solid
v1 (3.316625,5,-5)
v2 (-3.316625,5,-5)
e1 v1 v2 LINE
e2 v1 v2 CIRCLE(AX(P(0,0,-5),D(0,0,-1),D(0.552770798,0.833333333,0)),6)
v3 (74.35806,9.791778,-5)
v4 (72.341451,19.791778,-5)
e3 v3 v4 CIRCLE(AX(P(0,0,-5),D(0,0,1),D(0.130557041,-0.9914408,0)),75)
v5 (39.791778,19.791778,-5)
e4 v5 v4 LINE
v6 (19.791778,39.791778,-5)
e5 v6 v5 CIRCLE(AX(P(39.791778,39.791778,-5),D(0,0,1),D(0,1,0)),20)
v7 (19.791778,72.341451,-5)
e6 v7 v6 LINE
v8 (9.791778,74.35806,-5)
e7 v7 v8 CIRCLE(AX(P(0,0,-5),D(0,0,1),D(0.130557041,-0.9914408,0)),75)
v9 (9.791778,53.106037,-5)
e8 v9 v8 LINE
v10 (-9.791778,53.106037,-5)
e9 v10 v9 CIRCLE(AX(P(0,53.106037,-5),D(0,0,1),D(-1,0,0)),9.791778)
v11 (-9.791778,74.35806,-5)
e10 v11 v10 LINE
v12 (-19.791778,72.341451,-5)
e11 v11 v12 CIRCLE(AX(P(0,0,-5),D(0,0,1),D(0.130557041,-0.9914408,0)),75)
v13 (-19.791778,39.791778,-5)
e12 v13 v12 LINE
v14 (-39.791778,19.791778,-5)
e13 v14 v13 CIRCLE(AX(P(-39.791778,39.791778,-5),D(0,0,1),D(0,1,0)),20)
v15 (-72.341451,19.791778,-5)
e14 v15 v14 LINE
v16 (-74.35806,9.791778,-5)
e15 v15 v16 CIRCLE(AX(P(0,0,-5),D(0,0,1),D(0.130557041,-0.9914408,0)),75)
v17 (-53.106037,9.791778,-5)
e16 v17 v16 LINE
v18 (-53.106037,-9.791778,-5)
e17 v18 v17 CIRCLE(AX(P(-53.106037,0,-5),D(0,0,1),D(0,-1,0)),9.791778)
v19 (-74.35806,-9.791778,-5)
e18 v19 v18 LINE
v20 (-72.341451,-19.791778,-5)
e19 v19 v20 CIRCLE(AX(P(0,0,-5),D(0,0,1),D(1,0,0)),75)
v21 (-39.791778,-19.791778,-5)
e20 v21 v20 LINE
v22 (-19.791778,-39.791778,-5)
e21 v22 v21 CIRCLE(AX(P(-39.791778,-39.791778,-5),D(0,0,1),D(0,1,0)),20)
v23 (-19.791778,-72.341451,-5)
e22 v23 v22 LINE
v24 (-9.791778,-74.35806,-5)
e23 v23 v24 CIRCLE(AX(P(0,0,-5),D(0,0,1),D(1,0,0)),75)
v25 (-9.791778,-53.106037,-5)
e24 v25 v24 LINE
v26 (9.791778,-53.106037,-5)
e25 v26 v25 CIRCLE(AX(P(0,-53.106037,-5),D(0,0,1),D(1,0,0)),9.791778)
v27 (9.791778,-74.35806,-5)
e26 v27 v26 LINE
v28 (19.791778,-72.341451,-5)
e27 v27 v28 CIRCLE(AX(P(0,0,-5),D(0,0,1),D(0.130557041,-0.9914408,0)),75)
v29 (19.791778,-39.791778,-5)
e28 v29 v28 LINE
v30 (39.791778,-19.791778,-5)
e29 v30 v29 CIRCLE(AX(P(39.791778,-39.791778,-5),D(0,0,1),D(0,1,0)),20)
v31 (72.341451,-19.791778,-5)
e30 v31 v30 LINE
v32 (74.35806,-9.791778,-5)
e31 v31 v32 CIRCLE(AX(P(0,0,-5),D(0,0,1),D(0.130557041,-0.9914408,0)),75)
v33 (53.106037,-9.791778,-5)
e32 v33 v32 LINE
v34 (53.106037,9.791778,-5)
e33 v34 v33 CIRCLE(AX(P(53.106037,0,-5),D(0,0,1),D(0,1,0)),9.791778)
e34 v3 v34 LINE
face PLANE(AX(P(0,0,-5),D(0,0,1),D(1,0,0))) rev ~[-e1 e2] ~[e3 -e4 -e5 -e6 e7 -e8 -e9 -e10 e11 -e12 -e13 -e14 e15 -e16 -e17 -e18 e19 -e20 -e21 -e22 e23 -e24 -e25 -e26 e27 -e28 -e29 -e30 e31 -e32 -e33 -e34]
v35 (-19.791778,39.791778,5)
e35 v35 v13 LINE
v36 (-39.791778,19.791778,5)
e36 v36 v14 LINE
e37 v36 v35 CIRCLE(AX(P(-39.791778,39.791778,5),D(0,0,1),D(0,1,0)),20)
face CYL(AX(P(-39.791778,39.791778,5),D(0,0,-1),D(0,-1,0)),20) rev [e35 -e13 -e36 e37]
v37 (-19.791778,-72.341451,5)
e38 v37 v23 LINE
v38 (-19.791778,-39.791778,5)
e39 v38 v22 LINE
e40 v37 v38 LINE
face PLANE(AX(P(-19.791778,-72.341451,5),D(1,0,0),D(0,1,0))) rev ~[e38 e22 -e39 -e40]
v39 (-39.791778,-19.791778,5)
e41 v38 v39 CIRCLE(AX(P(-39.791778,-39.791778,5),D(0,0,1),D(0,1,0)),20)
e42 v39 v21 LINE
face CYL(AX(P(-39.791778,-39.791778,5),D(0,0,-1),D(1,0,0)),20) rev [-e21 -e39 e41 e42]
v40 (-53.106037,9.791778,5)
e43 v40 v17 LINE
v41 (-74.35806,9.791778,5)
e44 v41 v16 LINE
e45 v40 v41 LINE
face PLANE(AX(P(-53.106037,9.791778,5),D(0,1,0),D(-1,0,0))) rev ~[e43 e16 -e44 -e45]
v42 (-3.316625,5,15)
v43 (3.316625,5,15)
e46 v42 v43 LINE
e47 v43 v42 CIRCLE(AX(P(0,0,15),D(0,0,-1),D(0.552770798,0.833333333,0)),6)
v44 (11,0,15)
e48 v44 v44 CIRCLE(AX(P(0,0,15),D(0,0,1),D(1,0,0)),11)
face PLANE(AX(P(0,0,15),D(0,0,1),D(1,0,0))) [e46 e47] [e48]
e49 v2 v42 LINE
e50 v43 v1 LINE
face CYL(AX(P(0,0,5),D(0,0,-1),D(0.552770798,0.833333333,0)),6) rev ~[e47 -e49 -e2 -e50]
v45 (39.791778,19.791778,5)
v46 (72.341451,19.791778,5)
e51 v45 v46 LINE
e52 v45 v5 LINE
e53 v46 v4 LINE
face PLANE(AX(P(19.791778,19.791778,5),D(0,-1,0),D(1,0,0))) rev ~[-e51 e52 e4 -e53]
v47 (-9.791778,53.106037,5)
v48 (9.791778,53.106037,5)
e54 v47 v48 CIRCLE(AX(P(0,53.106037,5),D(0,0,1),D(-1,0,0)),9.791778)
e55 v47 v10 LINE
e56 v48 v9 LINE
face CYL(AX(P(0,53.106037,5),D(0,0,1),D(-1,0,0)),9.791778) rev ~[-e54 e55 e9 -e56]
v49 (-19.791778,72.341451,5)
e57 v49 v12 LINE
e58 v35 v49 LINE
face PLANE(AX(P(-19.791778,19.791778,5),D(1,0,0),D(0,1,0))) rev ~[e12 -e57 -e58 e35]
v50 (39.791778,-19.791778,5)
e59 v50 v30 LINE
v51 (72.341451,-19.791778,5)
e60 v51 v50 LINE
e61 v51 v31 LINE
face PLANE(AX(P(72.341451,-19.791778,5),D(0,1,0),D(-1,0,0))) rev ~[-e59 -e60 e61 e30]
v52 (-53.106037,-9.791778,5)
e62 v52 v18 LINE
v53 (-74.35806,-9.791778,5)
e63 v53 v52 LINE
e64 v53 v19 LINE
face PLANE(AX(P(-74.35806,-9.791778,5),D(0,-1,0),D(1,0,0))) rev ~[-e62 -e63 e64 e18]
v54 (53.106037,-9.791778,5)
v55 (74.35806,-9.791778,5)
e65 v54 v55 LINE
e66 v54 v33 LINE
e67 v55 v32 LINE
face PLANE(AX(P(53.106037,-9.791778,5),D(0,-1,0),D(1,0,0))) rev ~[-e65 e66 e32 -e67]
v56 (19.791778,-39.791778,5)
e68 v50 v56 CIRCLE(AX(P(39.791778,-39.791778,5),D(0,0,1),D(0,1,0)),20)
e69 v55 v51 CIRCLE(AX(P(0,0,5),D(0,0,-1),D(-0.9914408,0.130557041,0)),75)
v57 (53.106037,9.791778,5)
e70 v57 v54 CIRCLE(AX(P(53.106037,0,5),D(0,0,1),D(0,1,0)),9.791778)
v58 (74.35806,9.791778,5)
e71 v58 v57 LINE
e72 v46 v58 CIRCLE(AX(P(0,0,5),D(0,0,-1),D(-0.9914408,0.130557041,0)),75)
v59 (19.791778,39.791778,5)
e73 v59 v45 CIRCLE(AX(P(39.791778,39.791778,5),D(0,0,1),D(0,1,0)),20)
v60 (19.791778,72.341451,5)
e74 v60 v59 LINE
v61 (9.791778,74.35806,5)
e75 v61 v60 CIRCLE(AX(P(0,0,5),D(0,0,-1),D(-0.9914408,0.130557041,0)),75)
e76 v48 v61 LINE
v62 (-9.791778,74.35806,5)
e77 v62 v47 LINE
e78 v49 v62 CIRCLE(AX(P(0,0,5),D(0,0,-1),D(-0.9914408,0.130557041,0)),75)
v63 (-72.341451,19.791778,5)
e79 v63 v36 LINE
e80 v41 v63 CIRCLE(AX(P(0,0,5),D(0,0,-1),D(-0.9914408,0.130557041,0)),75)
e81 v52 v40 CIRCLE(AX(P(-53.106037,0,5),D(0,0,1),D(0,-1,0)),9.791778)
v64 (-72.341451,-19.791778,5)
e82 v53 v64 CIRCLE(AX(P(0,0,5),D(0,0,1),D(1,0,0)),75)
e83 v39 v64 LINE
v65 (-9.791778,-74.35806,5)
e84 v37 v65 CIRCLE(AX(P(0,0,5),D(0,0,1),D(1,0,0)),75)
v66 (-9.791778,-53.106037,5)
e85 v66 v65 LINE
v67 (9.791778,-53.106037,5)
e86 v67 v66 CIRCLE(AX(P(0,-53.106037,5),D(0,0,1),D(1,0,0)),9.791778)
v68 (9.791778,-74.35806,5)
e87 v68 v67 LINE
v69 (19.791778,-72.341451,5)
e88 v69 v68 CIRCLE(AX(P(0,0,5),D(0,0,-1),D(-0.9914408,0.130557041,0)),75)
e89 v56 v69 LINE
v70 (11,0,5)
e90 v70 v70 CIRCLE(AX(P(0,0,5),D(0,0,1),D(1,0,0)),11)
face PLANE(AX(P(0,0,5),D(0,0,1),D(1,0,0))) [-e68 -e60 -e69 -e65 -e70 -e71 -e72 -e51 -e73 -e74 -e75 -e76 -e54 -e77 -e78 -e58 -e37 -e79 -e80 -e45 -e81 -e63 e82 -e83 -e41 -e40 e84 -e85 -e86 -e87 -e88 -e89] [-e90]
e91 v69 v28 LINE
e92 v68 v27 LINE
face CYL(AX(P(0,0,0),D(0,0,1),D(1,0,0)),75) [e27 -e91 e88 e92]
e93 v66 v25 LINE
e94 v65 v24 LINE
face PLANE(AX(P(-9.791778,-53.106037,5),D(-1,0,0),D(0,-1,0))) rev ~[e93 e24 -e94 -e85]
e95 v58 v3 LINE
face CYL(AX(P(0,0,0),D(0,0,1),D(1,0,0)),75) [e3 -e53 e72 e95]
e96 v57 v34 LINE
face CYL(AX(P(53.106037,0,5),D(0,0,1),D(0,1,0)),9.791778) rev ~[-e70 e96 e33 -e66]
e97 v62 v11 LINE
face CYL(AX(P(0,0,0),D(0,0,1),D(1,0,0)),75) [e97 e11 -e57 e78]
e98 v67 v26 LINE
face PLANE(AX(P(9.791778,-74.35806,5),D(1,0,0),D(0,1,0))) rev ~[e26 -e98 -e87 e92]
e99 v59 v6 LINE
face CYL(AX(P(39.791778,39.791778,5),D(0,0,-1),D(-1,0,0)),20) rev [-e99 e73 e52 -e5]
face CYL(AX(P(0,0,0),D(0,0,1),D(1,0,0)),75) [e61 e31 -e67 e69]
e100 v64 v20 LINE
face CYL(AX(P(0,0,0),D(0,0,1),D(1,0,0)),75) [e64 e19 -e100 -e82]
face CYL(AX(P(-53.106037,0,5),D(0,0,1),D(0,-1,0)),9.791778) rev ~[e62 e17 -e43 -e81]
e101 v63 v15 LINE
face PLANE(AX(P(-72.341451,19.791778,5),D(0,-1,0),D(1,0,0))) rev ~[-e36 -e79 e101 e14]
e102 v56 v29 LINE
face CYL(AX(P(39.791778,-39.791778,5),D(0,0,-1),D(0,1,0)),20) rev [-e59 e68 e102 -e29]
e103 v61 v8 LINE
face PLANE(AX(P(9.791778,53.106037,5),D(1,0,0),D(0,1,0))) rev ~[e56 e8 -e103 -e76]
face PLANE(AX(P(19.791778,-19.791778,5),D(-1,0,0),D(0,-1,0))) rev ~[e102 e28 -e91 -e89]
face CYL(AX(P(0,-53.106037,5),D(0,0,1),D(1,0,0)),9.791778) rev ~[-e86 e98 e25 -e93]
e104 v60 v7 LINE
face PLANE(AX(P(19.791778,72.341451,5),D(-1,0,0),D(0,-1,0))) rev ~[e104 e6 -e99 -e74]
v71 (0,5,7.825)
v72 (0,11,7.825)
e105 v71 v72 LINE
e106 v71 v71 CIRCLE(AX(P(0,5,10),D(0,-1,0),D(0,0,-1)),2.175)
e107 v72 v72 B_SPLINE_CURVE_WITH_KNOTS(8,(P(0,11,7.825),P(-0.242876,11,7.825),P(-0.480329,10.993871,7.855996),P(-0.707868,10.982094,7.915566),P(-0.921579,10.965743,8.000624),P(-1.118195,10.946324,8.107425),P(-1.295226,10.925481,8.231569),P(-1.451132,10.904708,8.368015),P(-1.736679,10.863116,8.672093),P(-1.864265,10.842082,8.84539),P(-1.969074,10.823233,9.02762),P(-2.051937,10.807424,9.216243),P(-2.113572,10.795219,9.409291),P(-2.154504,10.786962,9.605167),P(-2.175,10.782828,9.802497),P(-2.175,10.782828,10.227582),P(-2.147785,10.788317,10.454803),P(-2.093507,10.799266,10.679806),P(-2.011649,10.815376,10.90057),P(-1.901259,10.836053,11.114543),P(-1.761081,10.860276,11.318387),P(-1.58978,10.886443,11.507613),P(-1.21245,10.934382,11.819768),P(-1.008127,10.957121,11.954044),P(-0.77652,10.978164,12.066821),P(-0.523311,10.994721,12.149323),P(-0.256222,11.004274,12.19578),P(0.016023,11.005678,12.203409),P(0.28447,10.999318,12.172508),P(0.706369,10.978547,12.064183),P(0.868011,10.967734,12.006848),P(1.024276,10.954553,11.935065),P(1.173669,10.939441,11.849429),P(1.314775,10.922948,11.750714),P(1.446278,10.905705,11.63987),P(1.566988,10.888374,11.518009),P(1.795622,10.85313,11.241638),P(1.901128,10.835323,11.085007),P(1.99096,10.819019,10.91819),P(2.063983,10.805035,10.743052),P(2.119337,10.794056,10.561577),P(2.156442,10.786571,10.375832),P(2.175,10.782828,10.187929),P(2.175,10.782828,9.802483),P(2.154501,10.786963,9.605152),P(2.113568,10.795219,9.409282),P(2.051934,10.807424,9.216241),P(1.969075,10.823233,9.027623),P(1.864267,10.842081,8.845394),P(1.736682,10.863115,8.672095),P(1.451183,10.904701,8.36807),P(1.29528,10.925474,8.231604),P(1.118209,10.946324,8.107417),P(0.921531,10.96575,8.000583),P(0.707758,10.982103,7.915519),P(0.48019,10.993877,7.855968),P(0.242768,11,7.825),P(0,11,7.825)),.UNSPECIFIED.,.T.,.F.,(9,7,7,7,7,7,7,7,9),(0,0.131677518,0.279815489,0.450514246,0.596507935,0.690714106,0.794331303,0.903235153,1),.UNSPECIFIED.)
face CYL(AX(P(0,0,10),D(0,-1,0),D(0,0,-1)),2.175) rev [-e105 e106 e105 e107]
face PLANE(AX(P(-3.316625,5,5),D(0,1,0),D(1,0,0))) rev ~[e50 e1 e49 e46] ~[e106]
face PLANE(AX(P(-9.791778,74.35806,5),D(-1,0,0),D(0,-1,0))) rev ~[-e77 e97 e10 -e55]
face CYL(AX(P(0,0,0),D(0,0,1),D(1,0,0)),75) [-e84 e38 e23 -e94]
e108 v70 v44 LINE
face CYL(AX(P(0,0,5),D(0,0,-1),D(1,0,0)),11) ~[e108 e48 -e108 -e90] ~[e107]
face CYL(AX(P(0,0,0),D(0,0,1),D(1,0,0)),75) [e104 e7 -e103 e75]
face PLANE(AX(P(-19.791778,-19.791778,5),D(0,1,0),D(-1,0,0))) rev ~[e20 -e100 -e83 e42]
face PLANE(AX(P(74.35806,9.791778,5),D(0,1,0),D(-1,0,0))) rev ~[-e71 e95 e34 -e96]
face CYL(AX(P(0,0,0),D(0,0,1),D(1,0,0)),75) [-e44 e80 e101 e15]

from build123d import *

# Parameters (mm, degrees)
ESQUISSE1_R                  = 75
BOSS_EXTRU_1_DEPTH           = 5
ENL_V_MAT_EXTRU_1_DEPTH      = 20
R_P_TITION_CIRCULAIRE1_COUNT = 4
ESQUISSE3_W                  = 52.549672888
ESQUISSE3_H                  = 52.549672888
ENL_V_MAT_EXTRU_2_DEPTH      = 20
R_P_TITION_CIRCULAIRE2_COUNT = 4
CONG_1_R                     = 20
ENL_V_MAT_EXTRU_3_DEPTH      = 106.632580986
ENL_V_MAT_EXTRU_3_DEPTH_BACK = 106.632580986
ESQUISSE6_R                  = 11
BOSS_EXTRU_2_DEPTH           = 10
ESQUISSE7_R                  = 2.175
ENL_V_MAT_EXTRU_4_DEPTH      = 14


with BuildPart() as part:
    # Esquisse1 → Boss.-Extru.1 (new, symmetric)
    with BuildSketch(Plane.XY):
        Circle(ESQUISSE1_R)
    extrude(amount=BOSS_EXTRU_1_DEPTH, both=True)

    # Esquisse2 → Enlèv. mat.-Extru.1 (cut)
    with BuildSketch(Plane.XY.offset(5)):
        with BuildLine():
            Line((-53.106036975, 9.791778038), (-74.358059972, 9.791778038))
            ThreePointArc((-74.358059972, 9.791778038), (-75, 0), (-74.358059972, -9.791778038))
            Line((-74.358059972, -9.791778038), (-53.106036975, -9.791778038))
            ThreePointArc((-53.106036975, -9.791778038), (-43.314258937, 0), (-53.106036975, 9.791778038))
        make_face()
    enl_v_mat_extru_1 = extrude(amount=-ENL_V_MAT_EXTRU_1_DEPTH, mode=Mode.SUBTRACT)

    # Répétition circulaire1: Enlèv. mat.-Extru.1 ×4 about axis
    r_p_tition_circulaire1_axis = Axis((0, 0, 0), (0, 0, 1))
    for i in range(1, R_P_TITION_CIRCULAIRE1_COUNT):
        add(enl_v_mat_extru_1.rotate(r_p_tition_circulaire1_axis, i * 360 / R_P_TITION_CIRCULAIRE1_COUNT), mode=Mode.SUBTRACT)

    # Esquisse3 → Enlèv. mat.-Extru.2 (cut)
    with BuildSketch(Plane.XY.offset(5)):
        with Locations((-46.066614482, 46.066614482)):
            Rectangle(ESQUISSE3_W, ESQUISSE3_H)
    enl_v_mat_extru_2 = extrude(amount=-ENL_V_MAT_EXTRU_2_DEPTH, mode=Mode.SUBTRACT)

    # Répétition circulaire2: Enlèv. mat.-Extru.2 ×4 about axis
    r_p_tition_circulaire2_axis = Axis((0, 0, 0), (0, 0, 1))
    for i in range(1, R_P_TITION_CIRCULAIRE2_COUNT):
        add(enl_v_mat_extru_2.rotate(r_p_tition_circulaire2_axis, i * 360 / R_P_TITION_CIRCULAIRE2_COUNT), mode=Mode.SUBTRACT)

    # Congé1
    cong_1_edges = [part.edges().sort_by_distance(p)[0] for p in [
        (-19.791778038, -19.791778038, 0),
        (19.791778038, -19.791778038, 0),
        (19.791778038, 19.791778038, 0),
        (-19.791778038, 19.791778038, 0),
    ]]
    fillet(cong_1_edges, radius=CONG_1_R)

    # Esquisse4 → Enlèv. mat.-Extru.3 (cut, two sides: drawn at the far end of the back side and taken through both)
    with BuildSketch(Plane.XY.offset(5).offset(-ENL_V_MAT_EXTRU_3_DEPTH_BACK)):
        with BuildLine():
            Line((-3.31662479, 5), (3.31662479, 5))
            ThreePointArc((3.31662479, 5), (0, -6), (-3.31662479, 5))
        make_face()
    extrude(amount=ENL_V_MAT_EXTRU_3_DEPTH + ENL_V_MAT_EXTRU_3_DEPTH_BACK, mode=Mode.SUBTRACT)

    # Esquisse6 → Boss.-Extru.2 (add)
    with BuildSketch(Plane.XY.offset(5)):
        Circle(ESQUISSE6_R)
        with BuildLine():
            Line((-3.31662479, 5), (3.31662479, 5))
            ThreePointArc((3.31662479, 5), (0, -6), (-3.31662479, 5))
        make_face(mode=Mode.SUBTRACT)
    extrude(amount=BOSS_EXTRU_2_DEPTH)

    # Esquisse7 → Enlèv. mat.-Extru.4 (cut)
    with BuildSketch(Plane(origin=(0, 0, 0), x_dir=(1, 0, 0), z_dir=(0, 1, 0))):
        with Locations(Location((0, -10, 0), (0, 0, 90))):
            Circle(ESQUISSE7_R)
    extrude(amount=ENL_V_MAT_EXTRU_4_DEPTH, mode=Mode.SUBTRACT)


solid = part.part
